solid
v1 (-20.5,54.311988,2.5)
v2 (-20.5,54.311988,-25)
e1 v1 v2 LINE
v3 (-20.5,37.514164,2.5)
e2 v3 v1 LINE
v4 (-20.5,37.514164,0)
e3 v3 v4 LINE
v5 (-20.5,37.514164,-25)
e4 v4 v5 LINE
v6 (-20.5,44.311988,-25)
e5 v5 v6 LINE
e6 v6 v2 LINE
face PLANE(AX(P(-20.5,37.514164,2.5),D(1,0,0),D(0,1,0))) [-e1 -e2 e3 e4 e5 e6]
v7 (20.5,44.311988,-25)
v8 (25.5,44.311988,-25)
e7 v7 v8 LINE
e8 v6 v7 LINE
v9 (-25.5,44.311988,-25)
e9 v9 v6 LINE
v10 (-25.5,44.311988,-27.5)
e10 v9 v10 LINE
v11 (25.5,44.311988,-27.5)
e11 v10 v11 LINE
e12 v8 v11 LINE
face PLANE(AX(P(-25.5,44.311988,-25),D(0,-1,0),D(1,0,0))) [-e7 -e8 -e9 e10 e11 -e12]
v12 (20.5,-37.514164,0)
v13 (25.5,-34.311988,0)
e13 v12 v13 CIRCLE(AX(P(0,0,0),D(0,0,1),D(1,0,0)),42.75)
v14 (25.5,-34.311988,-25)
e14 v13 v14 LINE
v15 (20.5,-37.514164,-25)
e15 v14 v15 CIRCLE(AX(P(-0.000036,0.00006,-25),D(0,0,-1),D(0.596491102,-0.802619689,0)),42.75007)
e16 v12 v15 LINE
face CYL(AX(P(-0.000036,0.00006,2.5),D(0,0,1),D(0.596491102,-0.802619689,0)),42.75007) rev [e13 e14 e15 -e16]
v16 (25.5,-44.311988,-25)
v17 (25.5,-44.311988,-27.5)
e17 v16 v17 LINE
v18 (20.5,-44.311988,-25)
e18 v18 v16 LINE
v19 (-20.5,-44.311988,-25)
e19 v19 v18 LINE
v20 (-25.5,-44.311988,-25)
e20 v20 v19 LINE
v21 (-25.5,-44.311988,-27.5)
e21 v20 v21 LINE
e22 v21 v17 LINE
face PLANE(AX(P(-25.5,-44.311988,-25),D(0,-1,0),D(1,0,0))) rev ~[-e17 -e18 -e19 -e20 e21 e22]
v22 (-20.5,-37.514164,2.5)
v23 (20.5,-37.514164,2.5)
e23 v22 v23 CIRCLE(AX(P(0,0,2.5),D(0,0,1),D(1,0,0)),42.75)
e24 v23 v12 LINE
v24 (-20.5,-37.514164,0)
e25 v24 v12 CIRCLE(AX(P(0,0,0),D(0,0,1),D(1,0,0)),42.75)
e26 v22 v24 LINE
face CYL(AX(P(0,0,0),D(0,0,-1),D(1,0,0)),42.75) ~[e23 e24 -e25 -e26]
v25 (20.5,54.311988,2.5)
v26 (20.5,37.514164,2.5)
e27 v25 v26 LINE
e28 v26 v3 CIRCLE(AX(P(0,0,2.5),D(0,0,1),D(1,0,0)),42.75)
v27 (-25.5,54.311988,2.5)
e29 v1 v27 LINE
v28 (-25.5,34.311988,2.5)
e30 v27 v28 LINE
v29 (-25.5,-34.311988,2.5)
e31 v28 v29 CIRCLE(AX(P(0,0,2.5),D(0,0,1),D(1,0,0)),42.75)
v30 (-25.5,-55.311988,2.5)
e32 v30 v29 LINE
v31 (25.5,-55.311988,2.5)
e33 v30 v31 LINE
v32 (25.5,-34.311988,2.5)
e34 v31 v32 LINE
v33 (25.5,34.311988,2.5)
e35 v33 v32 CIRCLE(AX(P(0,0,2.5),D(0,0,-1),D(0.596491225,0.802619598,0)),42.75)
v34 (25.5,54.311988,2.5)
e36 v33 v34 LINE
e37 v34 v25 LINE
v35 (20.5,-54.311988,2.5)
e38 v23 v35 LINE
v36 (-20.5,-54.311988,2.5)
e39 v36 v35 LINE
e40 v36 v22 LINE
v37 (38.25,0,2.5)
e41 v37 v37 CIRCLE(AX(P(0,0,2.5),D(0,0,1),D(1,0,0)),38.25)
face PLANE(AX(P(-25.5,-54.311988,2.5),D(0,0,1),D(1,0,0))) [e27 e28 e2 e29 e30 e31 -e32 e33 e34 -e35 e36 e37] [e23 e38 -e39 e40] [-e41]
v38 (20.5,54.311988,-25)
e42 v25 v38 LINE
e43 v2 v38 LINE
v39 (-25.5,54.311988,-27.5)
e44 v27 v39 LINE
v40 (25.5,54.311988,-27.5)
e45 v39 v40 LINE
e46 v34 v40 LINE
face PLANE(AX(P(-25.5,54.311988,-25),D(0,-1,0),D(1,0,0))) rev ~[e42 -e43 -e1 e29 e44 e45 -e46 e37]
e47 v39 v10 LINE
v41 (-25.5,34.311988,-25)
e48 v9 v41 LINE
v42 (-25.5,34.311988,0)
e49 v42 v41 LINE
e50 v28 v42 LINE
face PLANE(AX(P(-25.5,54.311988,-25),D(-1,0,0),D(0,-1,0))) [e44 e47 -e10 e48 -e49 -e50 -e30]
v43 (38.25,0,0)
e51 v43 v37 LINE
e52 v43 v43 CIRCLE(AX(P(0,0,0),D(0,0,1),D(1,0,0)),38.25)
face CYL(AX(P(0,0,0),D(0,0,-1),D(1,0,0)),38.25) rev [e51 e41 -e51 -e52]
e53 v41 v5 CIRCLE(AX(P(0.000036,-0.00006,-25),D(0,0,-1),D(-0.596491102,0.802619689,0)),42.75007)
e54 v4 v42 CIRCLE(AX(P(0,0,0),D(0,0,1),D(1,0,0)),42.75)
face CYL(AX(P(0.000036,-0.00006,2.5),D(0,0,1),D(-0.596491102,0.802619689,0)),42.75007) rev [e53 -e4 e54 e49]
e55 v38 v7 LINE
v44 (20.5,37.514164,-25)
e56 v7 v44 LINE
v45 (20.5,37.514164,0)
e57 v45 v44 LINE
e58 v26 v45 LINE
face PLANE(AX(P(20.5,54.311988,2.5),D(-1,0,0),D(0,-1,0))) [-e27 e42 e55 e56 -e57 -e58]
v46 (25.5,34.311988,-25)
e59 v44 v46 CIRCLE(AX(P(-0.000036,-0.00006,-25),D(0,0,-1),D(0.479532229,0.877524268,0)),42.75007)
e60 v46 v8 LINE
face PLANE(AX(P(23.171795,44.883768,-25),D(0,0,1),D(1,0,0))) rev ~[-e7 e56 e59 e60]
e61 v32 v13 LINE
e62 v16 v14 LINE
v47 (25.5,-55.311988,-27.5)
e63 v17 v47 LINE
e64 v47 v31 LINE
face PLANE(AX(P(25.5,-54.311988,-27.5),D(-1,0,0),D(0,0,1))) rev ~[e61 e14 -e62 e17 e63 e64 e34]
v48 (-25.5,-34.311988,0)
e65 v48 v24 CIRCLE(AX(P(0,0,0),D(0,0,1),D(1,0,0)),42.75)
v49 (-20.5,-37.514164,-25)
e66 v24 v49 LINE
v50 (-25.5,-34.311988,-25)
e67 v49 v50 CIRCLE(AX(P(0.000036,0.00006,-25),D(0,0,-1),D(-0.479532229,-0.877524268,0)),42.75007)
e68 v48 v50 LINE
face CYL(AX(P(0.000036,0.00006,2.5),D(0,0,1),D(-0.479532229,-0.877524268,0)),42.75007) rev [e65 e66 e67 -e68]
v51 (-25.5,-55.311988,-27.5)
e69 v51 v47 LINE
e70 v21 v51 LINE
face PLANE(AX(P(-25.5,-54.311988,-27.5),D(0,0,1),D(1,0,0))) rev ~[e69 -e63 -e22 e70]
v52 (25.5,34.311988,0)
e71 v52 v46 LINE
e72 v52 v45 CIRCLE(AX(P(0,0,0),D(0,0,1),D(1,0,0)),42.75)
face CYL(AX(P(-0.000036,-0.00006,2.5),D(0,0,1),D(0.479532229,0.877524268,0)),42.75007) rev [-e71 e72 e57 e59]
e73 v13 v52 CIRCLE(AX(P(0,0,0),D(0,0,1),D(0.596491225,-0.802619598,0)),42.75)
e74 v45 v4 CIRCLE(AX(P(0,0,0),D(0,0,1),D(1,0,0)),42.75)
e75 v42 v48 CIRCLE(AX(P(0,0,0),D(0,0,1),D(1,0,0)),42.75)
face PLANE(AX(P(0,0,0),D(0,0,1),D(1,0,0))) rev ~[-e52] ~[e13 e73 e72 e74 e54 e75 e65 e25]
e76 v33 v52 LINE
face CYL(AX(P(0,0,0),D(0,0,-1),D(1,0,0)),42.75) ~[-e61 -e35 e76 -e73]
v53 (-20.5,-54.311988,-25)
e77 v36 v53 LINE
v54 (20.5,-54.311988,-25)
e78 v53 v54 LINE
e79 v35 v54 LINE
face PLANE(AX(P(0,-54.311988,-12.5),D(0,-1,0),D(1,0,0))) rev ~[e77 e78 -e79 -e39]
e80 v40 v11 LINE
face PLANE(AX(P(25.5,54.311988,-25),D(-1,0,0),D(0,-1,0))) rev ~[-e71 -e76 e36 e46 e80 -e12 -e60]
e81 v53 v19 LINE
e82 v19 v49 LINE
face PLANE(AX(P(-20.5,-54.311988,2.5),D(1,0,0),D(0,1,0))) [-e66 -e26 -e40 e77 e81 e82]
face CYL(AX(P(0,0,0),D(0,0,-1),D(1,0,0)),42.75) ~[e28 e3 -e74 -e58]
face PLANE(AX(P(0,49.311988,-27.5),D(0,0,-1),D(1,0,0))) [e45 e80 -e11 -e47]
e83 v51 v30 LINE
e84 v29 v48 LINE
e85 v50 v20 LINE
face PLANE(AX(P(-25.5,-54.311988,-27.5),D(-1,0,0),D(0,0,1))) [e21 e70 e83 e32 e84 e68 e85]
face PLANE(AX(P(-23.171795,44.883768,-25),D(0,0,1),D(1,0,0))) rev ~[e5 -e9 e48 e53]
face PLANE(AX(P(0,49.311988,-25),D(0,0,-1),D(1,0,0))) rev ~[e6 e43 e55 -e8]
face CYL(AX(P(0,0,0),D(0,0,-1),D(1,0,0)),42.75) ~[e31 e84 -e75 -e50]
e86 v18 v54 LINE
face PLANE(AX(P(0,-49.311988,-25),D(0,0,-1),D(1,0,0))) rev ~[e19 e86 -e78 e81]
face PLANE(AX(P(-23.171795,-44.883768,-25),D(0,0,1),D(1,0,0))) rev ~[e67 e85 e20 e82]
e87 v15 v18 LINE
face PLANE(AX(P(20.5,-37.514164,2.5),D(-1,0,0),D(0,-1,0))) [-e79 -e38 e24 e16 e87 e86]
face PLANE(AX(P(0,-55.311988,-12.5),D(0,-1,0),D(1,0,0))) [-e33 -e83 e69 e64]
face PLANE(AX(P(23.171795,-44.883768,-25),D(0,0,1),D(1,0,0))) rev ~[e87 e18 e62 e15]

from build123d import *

# Parameters (mm, degrees)
F0_R     = 42.75
F0_R_2   = 38.25
F1_DEPTH = 2.5
F3_DEPTH = 27.5
F4_W     = 51
F4_H     = 10
F5_DEPTH = 2.5
F6_W     = 51
F6_H     = 30
F7_DEPTH = 1


with BuildPart() as f1:
    # F0 (on Top) → F1 (new body)
    with BuildSketch(Plane.XY):
        Circle(F0_R)
        Circle(F0_R_2, mode=Mode.SUBTRACT)
    extrude(amount=F1_DEPTH)

    # F2 (on face) → F3 (join)
    with BuildSketch(Plane.XY.offset(2.5)):
        with BuildLine():
            Line((25.5, -54.311988), (25.5, -34.311988))
            ThreePointArc((25.5, -34.311988), (23.055661, -35.999986), (20.5, -37.514164))
            Line((20.5, -37.514164), (20.5, -54.311988))
            Line((20.5, -54.311988), (25.5, -54.311988))
        make_face()
        with BuildLine():
            ThreePointArc((-20.5, -37.514164), (-23.055661, -35.999986), (-25.5, -34.311988))
            Line((-25.5, -34.311988), (-25.5, -54.311988))
            Line((-25.5, -54.311988), (-20.5, -54.311988))
            Line((-20.5, -54.311988), (-20.5, -37.514164))
        make_face()
        with BuildLine():
            ThreePointArc((20.5, 37.514164), (23.055661, 35.999986), (25.5, 34.311988))
            Line((25.5, 34.311988), (25.5, 54.311988))
            Line((25.5, 54.311988), (20.5, 54.311988))
            Line((20.5, 54.311988), (20.5, 37.514164))
        make_face()
        with BuildLine():
            Line((-20.5, 54.311988), (-25.5, 54.311988))
            Line((-25.5, 54.311988), (-25.5, 34.311988))
            ThreePointArc((-25.5, 34.311988), (-23.055661, 35.999986), (-20.5, 37.514164))
            Line((-20.5, 37.514164), (-20.5, 54.311988))
        make_face()
    extrude(amount=-F3_DEPTH)

    # F4 (on face) → F5 (join)
    with BuildSketch(Plane(origin=(0, 0, -25), x_dir=(1, 0, 0), z_dir=(0, 0, -1))):
        with Locations((0, -49.311988)):
            Rectangle(F4_W, F4_H)
        with Locations((0, 49.311988)):
            Rectangle(F4_W, F4_H)
    extrude(amount=F5_DEPTH)

    # F6 (on face) → F7 (join)
    with BuildSketch(Plane.XZ.offset(54.311988)):
        with Locations((0, -12.5)):
            Rectangle(F6_W, F6_H)
    extrude(amount=F7_DEPTH)


solid = f1.part
